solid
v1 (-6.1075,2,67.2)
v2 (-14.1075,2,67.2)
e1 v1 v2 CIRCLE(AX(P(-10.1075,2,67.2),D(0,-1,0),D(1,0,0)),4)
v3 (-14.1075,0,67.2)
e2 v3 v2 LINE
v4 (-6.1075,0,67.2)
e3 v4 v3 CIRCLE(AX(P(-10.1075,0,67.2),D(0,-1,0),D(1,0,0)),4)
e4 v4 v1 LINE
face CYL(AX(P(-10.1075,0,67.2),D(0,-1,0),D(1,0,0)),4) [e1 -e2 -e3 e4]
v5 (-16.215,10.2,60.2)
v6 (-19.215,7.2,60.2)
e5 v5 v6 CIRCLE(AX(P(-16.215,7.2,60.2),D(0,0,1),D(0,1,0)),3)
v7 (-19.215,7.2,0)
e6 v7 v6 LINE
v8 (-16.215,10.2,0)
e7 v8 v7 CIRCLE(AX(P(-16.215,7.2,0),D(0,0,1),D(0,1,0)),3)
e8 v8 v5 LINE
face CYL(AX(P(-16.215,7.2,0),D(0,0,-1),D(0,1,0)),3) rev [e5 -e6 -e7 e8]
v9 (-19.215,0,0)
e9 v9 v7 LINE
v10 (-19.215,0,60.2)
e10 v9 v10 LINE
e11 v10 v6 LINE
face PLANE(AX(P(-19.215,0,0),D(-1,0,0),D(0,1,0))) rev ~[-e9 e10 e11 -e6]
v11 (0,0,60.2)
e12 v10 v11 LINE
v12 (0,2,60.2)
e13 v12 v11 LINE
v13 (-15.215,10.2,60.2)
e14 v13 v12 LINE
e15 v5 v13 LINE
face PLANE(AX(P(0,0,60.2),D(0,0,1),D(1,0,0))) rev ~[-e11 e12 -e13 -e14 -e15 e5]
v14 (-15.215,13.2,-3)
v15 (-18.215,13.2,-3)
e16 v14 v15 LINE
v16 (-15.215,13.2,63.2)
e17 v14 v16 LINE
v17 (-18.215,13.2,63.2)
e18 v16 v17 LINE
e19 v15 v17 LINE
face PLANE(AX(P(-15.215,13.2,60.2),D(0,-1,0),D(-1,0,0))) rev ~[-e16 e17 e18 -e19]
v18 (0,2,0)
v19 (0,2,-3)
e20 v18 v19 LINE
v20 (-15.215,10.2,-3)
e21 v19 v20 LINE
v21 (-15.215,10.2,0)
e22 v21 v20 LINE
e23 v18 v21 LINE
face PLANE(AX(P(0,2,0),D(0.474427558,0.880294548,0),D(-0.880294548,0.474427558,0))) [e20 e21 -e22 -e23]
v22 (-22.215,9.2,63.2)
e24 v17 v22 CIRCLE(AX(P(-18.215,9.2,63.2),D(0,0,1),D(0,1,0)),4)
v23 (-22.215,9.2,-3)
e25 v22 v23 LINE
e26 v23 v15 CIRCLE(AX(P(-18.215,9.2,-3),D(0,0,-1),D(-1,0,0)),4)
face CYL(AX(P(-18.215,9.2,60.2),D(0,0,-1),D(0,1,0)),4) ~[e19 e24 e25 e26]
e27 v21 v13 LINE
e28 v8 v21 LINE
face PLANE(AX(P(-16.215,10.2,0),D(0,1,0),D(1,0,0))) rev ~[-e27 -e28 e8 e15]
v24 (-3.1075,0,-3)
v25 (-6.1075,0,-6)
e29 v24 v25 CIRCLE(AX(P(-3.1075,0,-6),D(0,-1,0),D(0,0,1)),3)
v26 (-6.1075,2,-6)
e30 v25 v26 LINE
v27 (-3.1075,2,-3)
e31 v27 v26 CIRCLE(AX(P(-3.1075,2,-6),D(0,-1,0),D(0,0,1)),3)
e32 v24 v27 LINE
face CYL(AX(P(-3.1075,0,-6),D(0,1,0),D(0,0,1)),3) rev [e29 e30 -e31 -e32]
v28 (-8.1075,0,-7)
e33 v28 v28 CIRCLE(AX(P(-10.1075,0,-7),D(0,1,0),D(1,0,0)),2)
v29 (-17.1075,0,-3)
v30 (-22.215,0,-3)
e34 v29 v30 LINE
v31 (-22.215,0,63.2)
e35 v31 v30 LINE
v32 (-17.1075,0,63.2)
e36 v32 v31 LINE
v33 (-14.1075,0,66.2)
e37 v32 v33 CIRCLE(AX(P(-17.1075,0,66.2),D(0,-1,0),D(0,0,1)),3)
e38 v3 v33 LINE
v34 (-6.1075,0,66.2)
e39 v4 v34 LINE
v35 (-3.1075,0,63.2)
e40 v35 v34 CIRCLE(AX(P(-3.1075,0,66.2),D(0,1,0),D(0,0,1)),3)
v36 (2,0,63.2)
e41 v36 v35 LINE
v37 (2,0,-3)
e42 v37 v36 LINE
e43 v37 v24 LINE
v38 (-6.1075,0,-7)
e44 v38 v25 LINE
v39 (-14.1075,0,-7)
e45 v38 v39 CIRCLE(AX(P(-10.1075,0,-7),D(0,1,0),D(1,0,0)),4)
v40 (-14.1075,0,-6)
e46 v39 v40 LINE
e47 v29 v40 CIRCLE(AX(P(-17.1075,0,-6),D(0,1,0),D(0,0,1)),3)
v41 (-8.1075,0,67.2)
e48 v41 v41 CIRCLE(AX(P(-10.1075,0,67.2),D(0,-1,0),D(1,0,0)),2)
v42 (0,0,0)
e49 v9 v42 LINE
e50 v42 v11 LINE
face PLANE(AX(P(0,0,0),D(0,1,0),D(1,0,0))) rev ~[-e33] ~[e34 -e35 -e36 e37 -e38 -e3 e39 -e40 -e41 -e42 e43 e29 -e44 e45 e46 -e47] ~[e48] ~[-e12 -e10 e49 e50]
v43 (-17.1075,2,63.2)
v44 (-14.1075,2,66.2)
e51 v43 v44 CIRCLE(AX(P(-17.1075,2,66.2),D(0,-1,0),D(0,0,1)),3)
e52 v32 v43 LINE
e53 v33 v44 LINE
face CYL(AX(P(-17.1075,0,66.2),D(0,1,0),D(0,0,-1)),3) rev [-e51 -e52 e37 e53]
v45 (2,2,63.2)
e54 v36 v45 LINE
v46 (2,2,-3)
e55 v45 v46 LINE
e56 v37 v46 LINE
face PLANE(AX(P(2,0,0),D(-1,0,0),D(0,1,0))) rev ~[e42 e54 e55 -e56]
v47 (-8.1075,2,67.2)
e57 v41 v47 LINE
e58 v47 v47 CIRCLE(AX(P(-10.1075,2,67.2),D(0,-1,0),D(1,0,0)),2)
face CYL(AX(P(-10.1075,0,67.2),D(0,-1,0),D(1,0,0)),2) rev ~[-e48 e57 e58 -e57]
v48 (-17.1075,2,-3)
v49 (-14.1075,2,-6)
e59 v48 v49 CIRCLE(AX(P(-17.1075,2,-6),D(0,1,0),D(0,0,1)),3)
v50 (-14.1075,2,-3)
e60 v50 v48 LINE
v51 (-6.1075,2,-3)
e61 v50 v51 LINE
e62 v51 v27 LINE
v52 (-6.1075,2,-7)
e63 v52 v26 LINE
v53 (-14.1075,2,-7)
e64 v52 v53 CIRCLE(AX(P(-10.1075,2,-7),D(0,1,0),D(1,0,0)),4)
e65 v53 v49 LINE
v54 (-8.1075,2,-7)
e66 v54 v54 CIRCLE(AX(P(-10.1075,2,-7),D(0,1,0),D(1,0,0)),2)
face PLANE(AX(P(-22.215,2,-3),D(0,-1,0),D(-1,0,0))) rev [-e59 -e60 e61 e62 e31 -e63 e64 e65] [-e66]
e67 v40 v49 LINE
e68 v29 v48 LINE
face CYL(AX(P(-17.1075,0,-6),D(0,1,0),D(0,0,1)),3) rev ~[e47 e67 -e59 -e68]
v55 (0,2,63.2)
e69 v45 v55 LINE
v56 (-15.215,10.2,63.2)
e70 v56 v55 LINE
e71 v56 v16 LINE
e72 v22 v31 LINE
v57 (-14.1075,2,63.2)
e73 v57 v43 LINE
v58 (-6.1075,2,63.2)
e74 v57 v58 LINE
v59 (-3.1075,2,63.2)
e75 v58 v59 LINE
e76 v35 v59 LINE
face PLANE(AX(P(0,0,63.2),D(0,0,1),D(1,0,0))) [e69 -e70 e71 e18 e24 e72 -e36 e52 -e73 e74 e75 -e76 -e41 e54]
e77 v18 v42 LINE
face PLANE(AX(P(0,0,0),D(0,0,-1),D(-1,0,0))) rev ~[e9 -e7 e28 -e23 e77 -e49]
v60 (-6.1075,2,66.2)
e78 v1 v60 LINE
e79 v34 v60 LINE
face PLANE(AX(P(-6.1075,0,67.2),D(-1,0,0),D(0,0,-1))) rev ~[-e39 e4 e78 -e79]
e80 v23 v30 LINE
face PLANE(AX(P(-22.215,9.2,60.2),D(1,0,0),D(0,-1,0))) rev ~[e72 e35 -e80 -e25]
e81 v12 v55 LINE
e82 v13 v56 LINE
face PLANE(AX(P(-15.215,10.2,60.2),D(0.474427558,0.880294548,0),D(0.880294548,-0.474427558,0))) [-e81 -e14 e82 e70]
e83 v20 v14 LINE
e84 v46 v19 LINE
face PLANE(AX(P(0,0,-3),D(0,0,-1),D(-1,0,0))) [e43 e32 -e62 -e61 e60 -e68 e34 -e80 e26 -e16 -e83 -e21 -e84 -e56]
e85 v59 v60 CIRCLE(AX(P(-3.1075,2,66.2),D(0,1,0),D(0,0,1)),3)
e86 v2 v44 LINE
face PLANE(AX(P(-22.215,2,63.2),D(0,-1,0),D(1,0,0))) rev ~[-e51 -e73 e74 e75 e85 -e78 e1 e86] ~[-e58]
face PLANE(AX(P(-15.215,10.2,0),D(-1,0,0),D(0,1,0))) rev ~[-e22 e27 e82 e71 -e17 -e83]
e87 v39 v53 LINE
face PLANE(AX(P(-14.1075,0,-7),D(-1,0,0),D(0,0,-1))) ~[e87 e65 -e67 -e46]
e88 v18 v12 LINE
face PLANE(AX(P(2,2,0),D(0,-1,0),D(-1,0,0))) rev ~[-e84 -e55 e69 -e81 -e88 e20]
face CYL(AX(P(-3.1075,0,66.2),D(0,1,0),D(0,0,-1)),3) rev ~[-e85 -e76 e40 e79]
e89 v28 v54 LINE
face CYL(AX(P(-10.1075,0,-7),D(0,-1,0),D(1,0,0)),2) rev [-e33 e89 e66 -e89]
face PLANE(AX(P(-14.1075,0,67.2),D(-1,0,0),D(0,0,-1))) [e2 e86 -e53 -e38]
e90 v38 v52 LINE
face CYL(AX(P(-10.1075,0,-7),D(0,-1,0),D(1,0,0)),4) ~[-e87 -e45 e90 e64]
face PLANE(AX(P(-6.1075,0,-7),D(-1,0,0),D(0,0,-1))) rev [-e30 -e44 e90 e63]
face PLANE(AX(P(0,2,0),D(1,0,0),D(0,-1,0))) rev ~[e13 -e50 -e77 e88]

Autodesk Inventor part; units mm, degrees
ref_plane "YZ Plane" through (0, 0, 0) normal (1, 0, 0) x (0, 1, 0)
ref_plane "XZ Plane" through (0, 0, 0) normal (0, 1, 0) x (-1, 0, 0)
sketch "Sketch1" plane through (0, 0, 0) normal (0, 0, 1) x (1, 0, 0)
  line L0 (0, 0) -> (-19.215, 0)
  line L1 (-19.215, 0) -> (-19.215, 7.2)
  line L2 (-16.215, 10.2) -> (-15.215, 10.2)
  line L3 (0, 10.2) -> (0, 2)
  arc A0 (-16.215, 10.2) -> (-19.215, 7.2) centre (-16.215, 7.2) ccw
  line L4 (-15.215, 10.2) -> (-15.215, 2)
  line L5 (-15.215, 2) -> (0, 2)
  line L6 (-15.215, 10.2) -> (0, 10.2)
  line L7 (0, 2) -> (0, 0)
  line L8 (-15.215, 10.2) -> (-15.215, 13.2)
  line L9 (-22.215, 0) -> (-22.215, 9.2)
  line L10 (-18.215, 13.2) -> (-15.215, 13.2)
  arc A1 (-18.215, 13.2) -> (-22.215, 9.2) centre (-18.215, 9.2) ccw
  line L11 (-22.215, 0) -> (-19.215, 0)
  line L12 (0, 0) -> (2, 0)
  line L13 (2, 0) -> (2, 2)
  line L14 (2, 2) -> (0, 2)
  line L15 (0, 2) -> (0, 0)
  dimension "d0" = 3
  dimension "d1" = 19.215
  dimension "d2" = 10.2
  dimension "d3" = 4
  dimension "d4" = 2
  dimension "d5" = 3
  dimension "d6" = 3
  dimension "d7" = 4
  dimension "d10" = 2
  dimension "d11" = 2
extrude "Extrusion1" add sketch "Sketch1" along normal blind 60.2 contours L7 L14 L13 L12 | L11 L9 A1 L10 L8 L2 A0 L1
sketch "Sketch2" plane through (0, 0, 60.2) normal (0, 0, 1) x (1, 0, 0)
  line L0 (-15.215, 10.2) -> (-15.215, 13.2) projected
  line L1 (-15.215, 13.2) -> (-18.215, 13.2) projected
  arc A0 (-18.215, 13.2) -> (-22.215, 9.2) centre (-18.215, 9.2) ccw projected
  line L2 (-22.215, 9.2) -> (-22.215, 0) projected
  line L3 (-22.215, 0) -> (-19.215, 0) projected
  line L4 (-19.215, 0) -> (-19.215, 7.2) projected
  arc A1 (-16.215, 10.2) -> (-19.215, 7.2) centre (-16.215, 7.2) ccw projected
  line L5 (-16.215, 10.2) -> (-15.215, 10.2) projected
  line L6 (0, 2) -> (0, 0) projected
  line L7 (0, 0) -> (2, 0) projected
  line L8 (2, 0) -> (2, 2) projected
  line L9 (2, 2) -> (0, 2) projected
  line L10 (0, 2) -> (-19.215, 2)
  line L11 (-19.215, 0) -> (0, 0)
  line L12 (-15.215, 10.2) -> (0, 2)
extrude "Extrusion2" add sketch "Sketch2" along normal blind 3
sketch "Sketch3" plane through (0, 0, 0) normal (0, 0, -1) x (-1, 0, 0)
  line L0 (0, 2) -> (0, 0) projected
  line L1 (-2, 2) -> (0, 2) projected
  line L2 (-2, 0) -> (-2, 2) projected
  line L3 (0, 0) -> (-2, 0) projected
  line L4 (19.215, 0) -> (19.215, 7.2) projected
  line L5 (0, 2) -> (0, 0) projected
  line L6 (19.215, 0) -> (0, 0) projected
  line L7 (15.215, 10.2) -> (15.215, 13.2) projected
  line L8 (16.215, 10.2) -> (15.215, 10.2) projected
  arc A0 (19.215, 7.2) -> (16.215, 10.2) centre (16.215, 7.2) ccw projected
  line L9 (19.215, 0) -> (19.215, 7.2) projected
  line L10 (22.215, 0) -> (19.215, 0) projected
  line L11 (22.215, 9.2) -> (22.215, 0) projected
  arc A1 (22.215, 9.2) -> (18.215, 13.2) centre (18.215, 9.2) ccw projected
  line L12 (15.215, 13.2) -> (18.215, 13.2) projected
  line L13 (16.215, 10.2) -> (15.215, 10.2) projected
  line L14 (0, 2) -> (15.215, 10.2) projected
  arc A2 (19.215, 7.2) -> (16.215, 10.2) centre (16.215, 7.2) ccw projected
extrude "Extrusion3" add sketch "Sketch3" along normal blind 3
sketch "Sketch4" plane through (-22.215, 0, 63.2) normal (0, -1, 0) x (1, 0, 0)
  circle A0 centre (12.1075, 4) radius 2
  line L0 (3, -63.2) -> (3, -3) projected
  line L1 (3, -3) -> (22.215, -3) projected
  line L2 (22.215, -63.2) -> (22.215, -3) projected
  line L3 (22.215, -63.2) -> (3, -63.2) projected
  line L4 (0, -66.2) -> (0, 0) projected
  line L5 (24.215, -66.2) -> (0, -66.2) projected
  line L6 (24.215, -66.2) -> (24.215, 0) projected
  line L7 (0, 0) -> (24.215, 0) projected
  line L8 (12.1075, 0) -> (12.1075, 4) construction
  arc A1 (12.1075, 0) -> (16.1075, 4) centre (12.1075, 4) ccw construction
  line L9 (8.1075, 4) -> (8.1075, 0)
  line L10 (16.1075, 4) -> (16.1075, 0)
  arc A2 (8.1075, 4) -> (12.1075, 0) centre (12.1075, 4) ccw construction
  arc A3 (16.1075, 4) -> (8.1075, 4) centre (12.1075, 4) ccw
  dimension "d16" = 4
  dimension "d17" = 4
extrude "Extrusion4" add sketch "Sketch4" against normal up to surface (2 mm away) contours L9 A3 L10 L7
ref_plane "Work Plane1" through (0, 0, 30.1) normal (0, 0, -1) x (-1, 0, 0)
mirror "Mirror1" about plane through (0, 0, 30.1) normal (0, 0, -1) of "Extrusion4"
fillet "Fillet1" radius 3 4 edges at (-14.1075, 1, -3) (-6.1075, 1, -3) (-6.1075, 1, 63.2) (-14.1075, 1, 63.2)
properties part number "Clamp_Holder"
